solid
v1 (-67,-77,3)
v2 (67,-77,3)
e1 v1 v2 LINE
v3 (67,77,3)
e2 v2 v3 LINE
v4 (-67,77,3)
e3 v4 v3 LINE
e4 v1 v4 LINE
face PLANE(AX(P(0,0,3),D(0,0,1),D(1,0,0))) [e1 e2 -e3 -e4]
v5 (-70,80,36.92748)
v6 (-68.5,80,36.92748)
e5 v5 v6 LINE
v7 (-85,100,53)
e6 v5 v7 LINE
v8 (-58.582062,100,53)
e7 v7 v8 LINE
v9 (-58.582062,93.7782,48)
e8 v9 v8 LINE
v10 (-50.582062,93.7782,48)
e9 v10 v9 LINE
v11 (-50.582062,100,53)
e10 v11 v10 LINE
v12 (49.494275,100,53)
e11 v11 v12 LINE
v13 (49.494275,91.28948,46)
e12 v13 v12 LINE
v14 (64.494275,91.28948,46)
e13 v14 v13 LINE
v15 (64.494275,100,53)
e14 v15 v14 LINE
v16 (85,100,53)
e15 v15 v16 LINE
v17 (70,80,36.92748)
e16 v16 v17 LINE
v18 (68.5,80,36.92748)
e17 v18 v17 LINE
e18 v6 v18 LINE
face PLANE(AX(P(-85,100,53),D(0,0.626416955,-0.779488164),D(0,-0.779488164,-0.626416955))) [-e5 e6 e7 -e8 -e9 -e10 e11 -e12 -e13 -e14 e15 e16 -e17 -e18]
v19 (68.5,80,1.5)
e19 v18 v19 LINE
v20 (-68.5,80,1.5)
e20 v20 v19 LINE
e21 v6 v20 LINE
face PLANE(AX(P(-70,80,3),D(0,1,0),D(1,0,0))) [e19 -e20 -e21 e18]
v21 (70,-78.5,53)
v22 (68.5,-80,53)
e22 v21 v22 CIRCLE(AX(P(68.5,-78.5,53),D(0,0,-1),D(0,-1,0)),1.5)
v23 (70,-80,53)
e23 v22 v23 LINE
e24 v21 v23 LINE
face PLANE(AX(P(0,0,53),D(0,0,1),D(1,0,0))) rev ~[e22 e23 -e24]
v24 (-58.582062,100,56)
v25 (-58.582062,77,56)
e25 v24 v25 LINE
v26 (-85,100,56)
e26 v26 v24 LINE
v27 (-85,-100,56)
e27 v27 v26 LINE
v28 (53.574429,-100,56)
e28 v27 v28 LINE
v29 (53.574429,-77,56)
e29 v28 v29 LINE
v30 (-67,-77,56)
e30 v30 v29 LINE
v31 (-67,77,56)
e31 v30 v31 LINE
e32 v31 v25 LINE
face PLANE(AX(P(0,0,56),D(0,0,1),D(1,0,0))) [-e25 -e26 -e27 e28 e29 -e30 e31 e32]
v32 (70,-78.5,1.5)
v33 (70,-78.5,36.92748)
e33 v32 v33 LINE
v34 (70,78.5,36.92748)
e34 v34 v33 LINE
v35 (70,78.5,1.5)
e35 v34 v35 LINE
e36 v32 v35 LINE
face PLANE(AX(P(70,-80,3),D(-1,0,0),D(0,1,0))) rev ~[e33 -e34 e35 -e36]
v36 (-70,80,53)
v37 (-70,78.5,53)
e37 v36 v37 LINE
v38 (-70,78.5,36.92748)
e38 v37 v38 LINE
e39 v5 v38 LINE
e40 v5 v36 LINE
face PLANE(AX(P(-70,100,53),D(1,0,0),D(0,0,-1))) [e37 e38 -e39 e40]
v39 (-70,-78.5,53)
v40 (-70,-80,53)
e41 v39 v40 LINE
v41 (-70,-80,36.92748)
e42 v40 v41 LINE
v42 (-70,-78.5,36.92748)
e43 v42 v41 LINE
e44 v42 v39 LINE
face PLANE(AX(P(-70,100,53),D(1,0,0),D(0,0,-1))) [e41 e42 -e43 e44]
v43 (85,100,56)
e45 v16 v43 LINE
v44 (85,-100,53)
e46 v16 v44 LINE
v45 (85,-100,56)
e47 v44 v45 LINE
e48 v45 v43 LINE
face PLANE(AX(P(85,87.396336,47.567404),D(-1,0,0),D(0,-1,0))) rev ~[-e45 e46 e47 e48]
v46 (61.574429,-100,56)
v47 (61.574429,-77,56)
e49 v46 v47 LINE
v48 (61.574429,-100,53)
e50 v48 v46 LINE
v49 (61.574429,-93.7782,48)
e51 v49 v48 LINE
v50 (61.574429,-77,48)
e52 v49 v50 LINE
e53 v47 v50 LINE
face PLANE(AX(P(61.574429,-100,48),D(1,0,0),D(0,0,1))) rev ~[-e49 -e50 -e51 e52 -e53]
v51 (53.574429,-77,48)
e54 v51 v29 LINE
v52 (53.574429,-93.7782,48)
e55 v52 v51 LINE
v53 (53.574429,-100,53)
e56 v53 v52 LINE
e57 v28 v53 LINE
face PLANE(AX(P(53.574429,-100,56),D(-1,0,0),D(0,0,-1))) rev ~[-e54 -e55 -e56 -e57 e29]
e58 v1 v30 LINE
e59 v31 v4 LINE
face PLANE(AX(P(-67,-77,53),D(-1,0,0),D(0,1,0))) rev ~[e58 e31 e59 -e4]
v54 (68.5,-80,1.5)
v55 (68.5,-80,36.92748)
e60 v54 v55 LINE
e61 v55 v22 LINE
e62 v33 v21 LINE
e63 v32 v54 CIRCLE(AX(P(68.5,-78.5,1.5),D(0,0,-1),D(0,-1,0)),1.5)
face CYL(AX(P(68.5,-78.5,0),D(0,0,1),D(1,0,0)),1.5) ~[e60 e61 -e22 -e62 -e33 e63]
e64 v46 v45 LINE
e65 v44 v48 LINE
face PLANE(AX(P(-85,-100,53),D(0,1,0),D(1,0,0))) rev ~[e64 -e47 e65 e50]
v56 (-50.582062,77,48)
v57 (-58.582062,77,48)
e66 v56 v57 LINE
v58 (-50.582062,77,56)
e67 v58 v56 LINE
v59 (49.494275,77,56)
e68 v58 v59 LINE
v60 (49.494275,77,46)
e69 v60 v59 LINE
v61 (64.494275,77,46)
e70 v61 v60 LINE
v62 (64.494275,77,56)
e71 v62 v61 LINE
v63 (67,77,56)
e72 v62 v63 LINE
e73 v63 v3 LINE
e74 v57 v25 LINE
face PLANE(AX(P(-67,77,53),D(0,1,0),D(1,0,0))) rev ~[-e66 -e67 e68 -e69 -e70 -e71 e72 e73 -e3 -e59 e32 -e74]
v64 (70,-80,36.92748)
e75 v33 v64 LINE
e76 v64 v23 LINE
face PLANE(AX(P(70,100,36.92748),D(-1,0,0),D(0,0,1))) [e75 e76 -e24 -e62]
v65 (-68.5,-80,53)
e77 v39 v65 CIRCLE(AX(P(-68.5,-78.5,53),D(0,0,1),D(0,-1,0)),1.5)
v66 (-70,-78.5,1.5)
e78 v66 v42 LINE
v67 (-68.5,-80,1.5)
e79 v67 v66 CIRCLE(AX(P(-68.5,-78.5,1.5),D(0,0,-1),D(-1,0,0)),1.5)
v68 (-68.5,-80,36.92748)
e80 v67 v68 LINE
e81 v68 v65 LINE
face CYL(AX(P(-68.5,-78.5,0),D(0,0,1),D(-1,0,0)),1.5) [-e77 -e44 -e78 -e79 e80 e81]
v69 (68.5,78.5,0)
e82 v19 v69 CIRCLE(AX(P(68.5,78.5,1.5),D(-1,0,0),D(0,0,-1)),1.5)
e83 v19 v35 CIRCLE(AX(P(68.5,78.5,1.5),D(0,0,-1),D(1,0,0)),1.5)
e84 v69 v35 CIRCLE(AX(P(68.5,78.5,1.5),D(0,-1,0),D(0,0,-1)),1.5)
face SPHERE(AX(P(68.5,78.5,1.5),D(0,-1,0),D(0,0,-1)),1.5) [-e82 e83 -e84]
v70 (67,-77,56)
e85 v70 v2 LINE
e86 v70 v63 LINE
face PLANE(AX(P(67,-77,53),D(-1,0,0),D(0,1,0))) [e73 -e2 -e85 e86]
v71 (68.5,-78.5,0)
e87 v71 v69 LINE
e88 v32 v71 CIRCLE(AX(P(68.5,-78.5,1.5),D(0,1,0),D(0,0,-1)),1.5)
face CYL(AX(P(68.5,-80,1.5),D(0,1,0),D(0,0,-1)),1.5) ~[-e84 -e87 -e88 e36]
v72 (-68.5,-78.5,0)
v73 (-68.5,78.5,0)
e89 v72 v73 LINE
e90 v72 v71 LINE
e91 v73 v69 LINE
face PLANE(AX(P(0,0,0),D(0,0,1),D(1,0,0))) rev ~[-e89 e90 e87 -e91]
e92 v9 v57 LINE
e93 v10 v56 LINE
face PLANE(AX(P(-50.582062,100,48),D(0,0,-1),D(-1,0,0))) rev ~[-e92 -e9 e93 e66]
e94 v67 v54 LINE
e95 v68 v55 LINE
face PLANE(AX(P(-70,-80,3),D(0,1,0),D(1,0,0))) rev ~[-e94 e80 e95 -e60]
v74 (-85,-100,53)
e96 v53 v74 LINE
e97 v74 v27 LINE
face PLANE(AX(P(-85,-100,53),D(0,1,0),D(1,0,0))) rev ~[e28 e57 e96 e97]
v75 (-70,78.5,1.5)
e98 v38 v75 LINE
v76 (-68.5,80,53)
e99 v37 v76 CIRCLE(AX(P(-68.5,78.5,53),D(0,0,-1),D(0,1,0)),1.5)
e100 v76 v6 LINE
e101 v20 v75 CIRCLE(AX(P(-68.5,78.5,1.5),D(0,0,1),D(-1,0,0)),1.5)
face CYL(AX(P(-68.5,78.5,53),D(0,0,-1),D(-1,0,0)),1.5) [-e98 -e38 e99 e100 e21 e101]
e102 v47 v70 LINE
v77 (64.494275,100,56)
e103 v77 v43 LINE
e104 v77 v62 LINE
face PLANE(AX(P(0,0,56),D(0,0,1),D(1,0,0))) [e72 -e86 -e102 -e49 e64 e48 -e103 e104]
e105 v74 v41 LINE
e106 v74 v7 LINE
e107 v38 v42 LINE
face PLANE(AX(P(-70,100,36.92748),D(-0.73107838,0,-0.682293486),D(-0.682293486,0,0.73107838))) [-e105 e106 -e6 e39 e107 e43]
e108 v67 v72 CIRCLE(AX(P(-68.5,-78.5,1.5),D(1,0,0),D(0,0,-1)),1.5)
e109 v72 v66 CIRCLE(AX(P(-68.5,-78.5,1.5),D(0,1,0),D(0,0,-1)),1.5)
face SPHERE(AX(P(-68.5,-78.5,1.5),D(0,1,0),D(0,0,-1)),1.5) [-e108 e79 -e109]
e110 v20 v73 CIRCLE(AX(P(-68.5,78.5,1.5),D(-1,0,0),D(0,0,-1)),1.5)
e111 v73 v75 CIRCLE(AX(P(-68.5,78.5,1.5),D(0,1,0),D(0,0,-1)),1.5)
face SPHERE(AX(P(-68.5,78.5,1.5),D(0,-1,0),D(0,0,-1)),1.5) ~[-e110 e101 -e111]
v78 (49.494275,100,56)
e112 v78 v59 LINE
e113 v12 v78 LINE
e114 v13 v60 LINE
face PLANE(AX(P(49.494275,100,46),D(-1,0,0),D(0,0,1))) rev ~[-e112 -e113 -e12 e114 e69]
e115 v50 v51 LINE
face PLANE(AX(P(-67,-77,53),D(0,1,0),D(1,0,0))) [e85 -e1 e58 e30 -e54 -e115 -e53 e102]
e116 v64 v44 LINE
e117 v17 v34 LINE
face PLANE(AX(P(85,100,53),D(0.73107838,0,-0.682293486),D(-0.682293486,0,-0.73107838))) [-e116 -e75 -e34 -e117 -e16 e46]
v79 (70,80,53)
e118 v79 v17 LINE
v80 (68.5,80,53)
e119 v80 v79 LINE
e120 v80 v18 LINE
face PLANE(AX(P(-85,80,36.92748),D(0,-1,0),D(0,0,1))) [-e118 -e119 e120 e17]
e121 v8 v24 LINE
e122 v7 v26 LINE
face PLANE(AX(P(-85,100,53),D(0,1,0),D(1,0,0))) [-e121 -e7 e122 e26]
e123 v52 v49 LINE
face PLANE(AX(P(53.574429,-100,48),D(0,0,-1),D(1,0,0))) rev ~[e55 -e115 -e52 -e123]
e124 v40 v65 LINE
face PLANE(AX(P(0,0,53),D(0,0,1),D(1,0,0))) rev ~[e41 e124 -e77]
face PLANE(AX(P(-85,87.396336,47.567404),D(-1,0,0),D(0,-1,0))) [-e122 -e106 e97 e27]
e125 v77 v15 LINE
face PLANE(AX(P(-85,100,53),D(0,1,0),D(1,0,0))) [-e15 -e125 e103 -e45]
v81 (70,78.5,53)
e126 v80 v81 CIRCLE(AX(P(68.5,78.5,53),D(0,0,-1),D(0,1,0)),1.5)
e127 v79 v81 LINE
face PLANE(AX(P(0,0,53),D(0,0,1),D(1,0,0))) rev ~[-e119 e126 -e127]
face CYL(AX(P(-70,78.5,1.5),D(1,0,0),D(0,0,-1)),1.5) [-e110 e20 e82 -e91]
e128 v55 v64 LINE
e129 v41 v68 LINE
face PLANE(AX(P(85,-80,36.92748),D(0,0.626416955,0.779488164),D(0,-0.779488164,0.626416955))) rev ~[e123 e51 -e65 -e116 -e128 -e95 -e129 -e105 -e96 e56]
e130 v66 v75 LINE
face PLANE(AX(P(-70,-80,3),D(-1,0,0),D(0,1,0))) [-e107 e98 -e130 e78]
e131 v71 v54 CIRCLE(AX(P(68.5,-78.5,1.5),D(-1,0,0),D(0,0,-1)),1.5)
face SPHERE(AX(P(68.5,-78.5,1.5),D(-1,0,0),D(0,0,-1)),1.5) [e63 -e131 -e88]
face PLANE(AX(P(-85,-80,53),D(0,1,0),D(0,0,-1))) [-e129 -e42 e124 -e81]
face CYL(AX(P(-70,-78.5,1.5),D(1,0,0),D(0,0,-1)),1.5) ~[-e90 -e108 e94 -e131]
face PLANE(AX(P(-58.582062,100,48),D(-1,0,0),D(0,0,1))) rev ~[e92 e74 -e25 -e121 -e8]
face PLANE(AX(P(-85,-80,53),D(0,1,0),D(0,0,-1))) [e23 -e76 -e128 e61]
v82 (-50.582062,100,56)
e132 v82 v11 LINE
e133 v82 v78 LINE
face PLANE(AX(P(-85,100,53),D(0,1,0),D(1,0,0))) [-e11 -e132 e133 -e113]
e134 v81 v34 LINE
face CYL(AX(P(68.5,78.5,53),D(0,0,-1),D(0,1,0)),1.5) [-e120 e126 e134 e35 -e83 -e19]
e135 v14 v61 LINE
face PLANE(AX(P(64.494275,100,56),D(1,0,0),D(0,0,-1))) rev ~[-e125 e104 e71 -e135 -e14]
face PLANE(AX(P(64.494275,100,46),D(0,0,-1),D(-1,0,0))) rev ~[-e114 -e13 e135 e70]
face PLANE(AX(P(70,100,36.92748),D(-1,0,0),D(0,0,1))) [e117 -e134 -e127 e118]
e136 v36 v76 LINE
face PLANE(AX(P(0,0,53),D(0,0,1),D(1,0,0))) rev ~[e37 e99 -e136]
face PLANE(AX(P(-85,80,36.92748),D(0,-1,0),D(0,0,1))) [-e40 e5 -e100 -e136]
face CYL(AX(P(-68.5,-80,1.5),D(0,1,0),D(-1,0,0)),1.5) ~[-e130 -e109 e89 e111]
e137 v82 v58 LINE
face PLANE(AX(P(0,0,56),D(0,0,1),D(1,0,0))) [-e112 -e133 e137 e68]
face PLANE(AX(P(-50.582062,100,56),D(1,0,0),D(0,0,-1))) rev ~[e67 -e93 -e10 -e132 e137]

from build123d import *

# Parameters (mm, degrees)
F0_W      = 140
F0_H      = 160
F1_DEPTH  = 3
F2_W      = 140
F2_H      = 160
F2_W_2    = 134
F2_H_2    = 154
F3_DEPTH  = 50
F4_W      = 170
F4_H      = 200
F4_W_2    = 140
F4_H_2    = 160
F4_W_3    = 134
F4_H_3    = 154
F5_DEPTH  = 3
F8_R      = 1.5
F10_DEPTH = 170
F6_W      = 15
F6_H      = 7
F6_H_2    = 3
F6_W_2    = 8
F6_H_3    = 5
F11_DEPTH = 25
F7_W      = 8
F7_H      = 5
F7_H_2    = 3
F12_DEPTH = 25
F14_DEPTH = 200
F16_DEPTH = 200
F18_DEPTH = 170


with BuildPart() as f1:
    # F0 (on Top) → F1 (new body)
    with BuildSketch(Plane.XY):
        Rectangle(F0_W, F0_H)
    extrude(amount=F1_DEPTH)

    # F2 (on face) → F3 (join)
    with BuildSketch(Plane.XY.offset(3)):
        Rectangle(F2_W, F2_H)
        Rectangle(F2_W_2, F2_H_2, mode=Mode.SUBTRACT)
    extrude(amount=F3_DEPTH)

    # F4 (on face) → F5 (join)
    with BuildSketch(Plane.XY.offset(53)):
        Rectangle(F4_W, F4_H)
        Rectangle(F4_W_2, F4_H_2, mode=Mode.SUBTRACT)
        Rectangle(F4_W_2, F4_H_2)
        Rectangle(F4_W_3, F4_H_3, mode=Mode.SUBTRACT)
    extrude(amount=F5_DEPTH)

    # F8
    f8_edges = [f1.edges().sort_by_distance(p)[0] for p in [
        (-70, 0, 0),
        (0, -80, 0),
        (70, 0, 0),
        (0, 80, 0),
        (-70, 80, 26.5),
        (70, 80, 26.5),
        (-70, -80, 26.5),
        (70, -80, 26.5),
    ]]
    fillet(f8_edges, radius=F8_R)

    # F9 (on face) → F10 (join, through all)
    with BuildSketch(Plane(origin=(-85, 0, 0), x_dir=(0, -1, 0), z_dir=(-1, 0, 0))):
        Polygon((-80, 53), (-100, 53), (-80, 36.92748), align=None)
        Polygon((100, 53), (80, 53), (80, 36.92748), align=None)
    extrude(amount=-F10_DEPTH)

    # F6 (on face) → F11 (cut)
    with BuildSketch(Plane(origin=(0, 100, 0), x_dir=(-1, 0, 0), z_dir=(0, 1, 0))):
        with Locations((-56.994275, 49.5)):
            Rectangle(F6_W, F6_H)
        with Locations((-56.994275, 54.5)):
            Rectangle(F6_W, F6_H_2)
        with Locations((54.582062, 50.5)):
            Rectangle(F6_W_2, F6_H_3)
        with Locations((54.582062, 54.5)):
            Rectangle(F6_W_2, F6_H_2)
    extrude(amount=-F11_DEPTH, mode=Mode.SUBTRACT)

    # F7 (on face) → F12 (cut)
    with BuildSketch(Plane.XZ.offset(100)):
        with Locations((57.574429, 50.5)):
            Rectangle(F7_W, F7_H)
        with Locations((57.574429, 54.5)):
            Rectangle(F7_W, F7_H_2)
    extrude(amount=-F12_DEPTH, mode=Mode.SUBTRACT)

    # F13 (on face) → F14 (join, through all)
    with BuildSketch(Plane(origin=(0, 100, 0), x_dir=(-1, 0, 0), z_dir=(0, 1, 0))):
        Polygon((-70, 53), (-85, 53), (-70, 36.92748), align=None)
        Polygon((70, 53), (70, 36.92748), (85, 53), align=None)
    extrude(amount=-F14_DEPTH)

    # F15 (on face) → F16 (cut, through all)
    with BuildSketch(Plane(origin=(0, 100, 0), x_dir=(-1, 0, 0), z_dir=(0, 1, 0))):
        Polygon((-70, 36.92748), (-85, 53), (-85, 36.92748), align=None)
        Polygon((85, 36.92748), (85, 53), (70, 36.92748), align=None)
    extrude(amount=-F16_DEPTH, mode=Mode.SUBTRACT)

    # F17 (on face) → F18 (cut, through all)
    with BuildSketch(Plane.YZ.offset(85)):
        Polygon((-80, 36.92748), (-100, 53), (-100, 36.92748), align=None)
        Polygon((100, 36.92748), (100, 53), (80, 36.92748), align=None)
    extrude(amount=-F18_DEPTH, mode=Mode.SUBTRACT)


solid = f1.part
